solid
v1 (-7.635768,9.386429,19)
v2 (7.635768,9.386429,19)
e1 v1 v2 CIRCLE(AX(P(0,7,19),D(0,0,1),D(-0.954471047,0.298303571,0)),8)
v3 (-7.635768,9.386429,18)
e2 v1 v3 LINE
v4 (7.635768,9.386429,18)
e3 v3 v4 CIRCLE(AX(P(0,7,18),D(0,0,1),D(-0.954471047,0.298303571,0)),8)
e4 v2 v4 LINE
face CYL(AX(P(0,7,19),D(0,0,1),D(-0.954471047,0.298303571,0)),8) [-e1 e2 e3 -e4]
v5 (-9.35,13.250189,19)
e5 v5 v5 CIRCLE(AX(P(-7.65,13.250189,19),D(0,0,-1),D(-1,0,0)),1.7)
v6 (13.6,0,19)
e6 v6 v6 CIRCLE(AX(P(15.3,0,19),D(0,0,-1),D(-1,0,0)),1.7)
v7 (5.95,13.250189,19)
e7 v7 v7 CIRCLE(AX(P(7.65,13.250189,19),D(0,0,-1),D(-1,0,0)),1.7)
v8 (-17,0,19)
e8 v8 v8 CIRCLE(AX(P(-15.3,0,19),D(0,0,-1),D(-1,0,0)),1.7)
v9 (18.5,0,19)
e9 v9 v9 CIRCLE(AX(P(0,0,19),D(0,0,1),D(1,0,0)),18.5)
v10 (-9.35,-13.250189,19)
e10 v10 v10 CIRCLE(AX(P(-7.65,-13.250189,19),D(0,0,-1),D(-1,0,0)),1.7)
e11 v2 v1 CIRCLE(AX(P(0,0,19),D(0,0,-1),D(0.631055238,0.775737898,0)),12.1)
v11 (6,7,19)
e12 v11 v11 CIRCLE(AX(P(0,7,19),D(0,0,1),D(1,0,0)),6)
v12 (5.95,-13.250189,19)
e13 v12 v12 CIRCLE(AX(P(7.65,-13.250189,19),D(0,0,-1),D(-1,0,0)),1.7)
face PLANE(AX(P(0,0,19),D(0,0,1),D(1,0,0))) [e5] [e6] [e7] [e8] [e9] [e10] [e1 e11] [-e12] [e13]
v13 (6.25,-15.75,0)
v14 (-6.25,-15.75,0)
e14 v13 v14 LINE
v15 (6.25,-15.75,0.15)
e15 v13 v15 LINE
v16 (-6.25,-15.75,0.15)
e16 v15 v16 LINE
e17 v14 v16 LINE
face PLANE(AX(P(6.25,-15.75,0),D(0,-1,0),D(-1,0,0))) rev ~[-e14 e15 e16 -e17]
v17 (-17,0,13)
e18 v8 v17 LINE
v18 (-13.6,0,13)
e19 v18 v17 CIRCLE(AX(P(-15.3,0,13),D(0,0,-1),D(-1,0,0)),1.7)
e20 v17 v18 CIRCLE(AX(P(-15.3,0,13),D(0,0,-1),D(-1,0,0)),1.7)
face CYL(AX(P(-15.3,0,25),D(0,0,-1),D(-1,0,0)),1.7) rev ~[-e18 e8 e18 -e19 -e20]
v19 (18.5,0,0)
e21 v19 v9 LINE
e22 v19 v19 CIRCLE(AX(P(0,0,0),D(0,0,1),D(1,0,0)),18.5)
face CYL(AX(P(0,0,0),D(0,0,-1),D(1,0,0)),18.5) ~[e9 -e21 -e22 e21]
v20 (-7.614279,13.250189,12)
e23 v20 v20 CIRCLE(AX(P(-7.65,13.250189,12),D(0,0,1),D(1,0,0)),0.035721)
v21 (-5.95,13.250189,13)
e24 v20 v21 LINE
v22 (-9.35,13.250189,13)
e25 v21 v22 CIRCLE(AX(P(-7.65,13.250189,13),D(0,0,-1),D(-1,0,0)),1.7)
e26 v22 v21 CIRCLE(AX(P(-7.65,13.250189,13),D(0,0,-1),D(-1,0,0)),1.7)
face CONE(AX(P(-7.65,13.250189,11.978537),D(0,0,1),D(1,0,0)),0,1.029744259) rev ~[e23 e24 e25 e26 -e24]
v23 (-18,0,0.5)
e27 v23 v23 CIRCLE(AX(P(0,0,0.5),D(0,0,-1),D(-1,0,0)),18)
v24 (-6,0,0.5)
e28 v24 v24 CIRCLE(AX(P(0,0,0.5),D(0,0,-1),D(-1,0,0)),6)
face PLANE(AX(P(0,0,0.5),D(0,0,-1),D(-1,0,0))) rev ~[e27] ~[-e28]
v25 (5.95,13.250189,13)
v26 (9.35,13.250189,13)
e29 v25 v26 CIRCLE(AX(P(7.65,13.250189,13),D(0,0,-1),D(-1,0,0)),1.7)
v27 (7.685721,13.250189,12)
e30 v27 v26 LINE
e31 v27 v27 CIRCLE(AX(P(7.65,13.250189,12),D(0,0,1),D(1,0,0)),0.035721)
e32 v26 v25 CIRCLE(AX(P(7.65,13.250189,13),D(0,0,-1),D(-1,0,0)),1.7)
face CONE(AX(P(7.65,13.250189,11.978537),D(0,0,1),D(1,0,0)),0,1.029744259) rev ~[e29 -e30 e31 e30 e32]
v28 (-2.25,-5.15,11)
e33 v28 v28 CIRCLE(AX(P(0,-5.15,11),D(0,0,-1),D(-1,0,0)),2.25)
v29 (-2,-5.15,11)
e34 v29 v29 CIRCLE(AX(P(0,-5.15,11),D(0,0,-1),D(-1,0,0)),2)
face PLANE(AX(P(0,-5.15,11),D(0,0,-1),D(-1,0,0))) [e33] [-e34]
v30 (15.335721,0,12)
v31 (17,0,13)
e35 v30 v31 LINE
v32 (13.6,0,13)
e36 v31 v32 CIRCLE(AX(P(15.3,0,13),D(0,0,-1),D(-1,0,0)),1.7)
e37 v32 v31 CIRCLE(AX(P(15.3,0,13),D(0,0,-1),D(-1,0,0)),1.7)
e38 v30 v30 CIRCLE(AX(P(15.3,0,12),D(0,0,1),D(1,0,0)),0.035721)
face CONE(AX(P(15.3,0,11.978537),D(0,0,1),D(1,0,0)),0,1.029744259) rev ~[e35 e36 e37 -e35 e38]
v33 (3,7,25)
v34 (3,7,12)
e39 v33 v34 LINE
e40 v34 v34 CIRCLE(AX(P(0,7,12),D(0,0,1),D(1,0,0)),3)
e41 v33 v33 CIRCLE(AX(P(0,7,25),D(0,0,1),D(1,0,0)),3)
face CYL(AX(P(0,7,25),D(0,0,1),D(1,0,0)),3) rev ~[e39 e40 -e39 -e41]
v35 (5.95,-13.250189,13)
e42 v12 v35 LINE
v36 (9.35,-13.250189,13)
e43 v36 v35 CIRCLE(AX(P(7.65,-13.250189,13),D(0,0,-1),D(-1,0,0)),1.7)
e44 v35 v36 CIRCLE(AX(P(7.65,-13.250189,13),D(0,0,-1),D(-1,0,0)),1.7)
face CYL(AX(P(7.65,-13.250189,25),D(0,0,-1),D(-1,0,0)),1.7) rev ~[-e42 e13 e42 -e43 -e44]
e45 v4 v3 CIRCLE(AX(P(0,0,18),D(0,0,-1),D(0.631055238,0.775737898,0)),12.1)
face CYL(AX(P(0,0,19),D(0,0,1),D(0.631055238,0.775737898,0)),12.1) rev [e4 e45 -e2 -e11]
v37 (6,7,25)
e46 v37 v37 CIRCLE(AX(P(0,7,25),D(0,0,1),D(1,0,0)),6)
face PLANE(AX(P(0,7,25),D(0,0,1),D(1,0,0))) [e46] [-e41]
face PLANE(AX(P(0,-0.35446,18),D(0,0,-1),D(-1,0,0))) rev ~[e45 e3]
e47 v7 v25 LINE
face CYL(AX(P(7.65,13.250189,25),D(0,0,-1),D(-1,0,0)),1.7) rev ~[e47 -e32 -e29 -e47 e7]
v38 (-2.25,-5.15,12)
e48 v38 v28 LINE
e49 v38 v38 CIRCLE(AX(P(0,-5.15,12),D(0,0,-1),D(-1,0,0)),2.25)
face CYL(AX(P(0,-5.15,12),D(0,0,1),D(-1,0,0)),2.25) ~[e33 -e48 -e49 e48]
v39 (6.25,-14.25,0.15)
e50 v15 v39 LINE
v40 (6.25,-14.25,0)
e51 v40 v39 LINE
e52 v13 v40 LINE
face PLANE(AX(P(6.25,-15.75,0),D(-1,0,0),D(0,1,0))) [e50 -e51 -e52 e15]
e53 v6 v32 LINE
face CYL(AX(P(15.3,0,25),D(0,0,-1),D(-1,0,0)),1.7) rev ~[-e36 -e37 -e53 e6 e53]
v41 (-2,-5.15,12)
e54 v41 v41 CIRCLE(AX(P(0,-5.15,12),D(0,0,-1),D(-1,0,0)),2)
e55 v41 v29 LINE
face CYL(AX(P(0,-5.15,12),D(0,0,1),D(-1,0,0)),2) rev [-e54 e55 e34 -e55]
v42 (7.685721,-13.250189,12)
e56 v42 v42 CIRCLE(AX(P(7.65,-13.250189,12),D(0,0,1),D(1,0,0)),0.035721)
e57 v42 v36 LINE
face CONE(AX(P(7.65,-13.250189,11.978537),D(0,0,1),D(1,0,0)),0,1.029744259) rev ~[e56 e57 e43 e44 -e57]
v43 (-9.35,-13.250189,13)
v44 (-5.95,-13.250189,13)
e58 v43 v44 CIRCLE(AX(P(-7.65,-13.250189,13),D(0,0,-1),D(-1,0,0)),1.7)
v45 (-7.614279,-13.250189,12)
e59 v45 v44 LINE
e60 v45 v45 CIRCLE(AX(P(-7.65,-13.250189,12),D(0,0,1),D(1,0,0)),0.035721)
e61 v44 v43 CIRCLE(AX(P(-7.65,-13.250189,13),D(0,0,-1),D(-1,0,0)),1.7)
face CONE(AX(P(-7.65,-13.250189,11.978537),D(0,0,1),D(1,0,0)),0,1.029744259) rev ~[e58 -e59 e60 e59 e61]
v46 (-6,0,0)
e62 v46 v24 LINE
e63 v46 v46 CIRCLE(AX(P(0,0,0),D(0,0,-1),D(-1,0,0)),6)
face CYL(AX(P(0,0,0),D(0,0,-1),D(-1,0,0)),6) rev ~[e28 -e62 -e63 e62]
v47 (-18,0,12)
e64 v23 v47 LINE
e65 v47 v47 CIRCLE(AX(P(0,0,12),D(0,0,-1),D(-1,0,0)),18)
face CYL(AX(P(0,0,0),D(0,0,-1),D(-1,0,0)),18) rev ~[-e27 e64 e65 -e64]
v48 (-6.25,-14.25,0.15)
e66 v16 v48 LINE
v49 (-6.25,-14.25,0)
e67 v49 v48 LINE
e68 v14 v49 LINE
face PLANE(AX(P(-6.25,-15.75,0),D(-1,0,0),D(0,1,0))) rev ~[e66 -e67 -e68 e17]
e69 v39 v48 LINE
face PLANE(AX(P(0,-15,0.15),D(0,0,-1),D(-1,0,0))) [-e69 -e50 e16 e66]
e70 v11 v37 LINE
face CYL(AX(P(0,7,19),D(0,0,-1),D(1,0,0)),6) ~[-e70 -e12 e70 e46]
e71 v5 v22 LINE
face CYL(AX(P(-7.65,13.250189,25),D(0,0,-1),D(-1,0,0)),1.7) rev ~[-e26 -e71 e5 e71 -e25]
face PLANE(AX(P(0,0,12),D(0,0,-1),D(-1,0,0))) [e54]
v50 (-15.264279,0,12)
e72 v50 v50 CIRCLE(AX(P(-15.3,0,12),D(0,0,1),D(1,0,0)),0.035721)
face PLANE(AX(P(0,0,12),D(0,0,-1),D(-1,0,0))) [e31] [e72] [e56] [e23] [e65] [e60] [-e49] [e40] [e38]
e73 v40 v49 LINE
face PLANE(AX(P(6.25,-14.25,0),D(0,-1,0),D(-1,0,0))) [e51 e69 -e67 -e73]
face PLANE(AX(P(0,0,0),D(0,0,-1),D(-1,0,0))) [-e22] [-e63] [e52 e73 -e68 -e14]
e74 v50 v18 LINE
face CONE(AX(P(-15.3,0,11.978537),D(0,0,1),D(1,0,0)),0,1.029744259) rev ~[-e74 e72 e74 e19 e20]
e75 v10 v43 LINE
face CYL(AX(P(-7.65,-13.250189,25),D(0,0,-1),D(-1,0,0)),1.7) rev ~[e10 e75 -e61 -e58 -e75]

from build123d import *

# Parameters (mm, degrees)
SKETCH1_R                        = 18.5
BOSS_EXTRUDE1_DEPTH              = 19
SKETCH4_R                        = 6
BOSS_EXTRUDE4_DEPTH              = 6
CUT_EXTRUDE2_DEPTH               = 1
TALADRO_DE_MARGEN_PARA_M31_D     = 3.4
TALADRO_DE_MARGEN_PARA_M31_DEPTH = 6
TALADRO_DE_MARGEN_PARA_M31_TIP   = 1.021463052
CROQUIS1_R                       = 18
CORTAR_EXTRUIR2_DEPTH            = 12
CORTAR_EXTRUIR3_REACH            = 38.187
CROQUIS2_R                       = 3
CROQUIS3_R                       = 18
SALIENTE_EXTRUIR1_DEPTH          = 0.5
SKETCH11_R                       = 2
CUT_EXTRUDE3_DEPTH               = 10
SKETCH12_W                       = 12.5
SKETCH12_H                       = 1.5
CUT_EXTRUDE4_DEPTH               = 0.15
SKETCH13_R                       = 6
CUT_EXTRUDE5_DEPTH               = 10
SKETCH14_R                       = 2.25
SKETCH14_R_2                     = 2
BOSS_EXTRUDE5_DEPTH              = 1


with BuildPart() as part:
    # Sketch1 → Boss-Extrude1 (new body)
    with BuildSketch(Plane.XY):
        Circle(SKETCH1_R)
    extrude(amount=BOSS_EXTRUDE1_DEPTH)

    # Sketch4 → Boss-Extrude4 (add)
    with BuildSketch(Plane.XY.offset(19)):
        with Locations((0, 7)):
            Circle(SKETCH4_R)
    extrude(amount=BOSS_EXTRUDE4_DEPTH)

    # Sketch8 → Cut-Extrude2 (cut)
    with BuildSketch(Plane.XY.offset(19)):
        with BuildLine():
            ThreePointArc((7.635768375, 9.386428571), (0, -12.1), (-7.635768375, 9.386428571))
            ThreePointArc((-7.635768375, 9.386428571), (0, -1), (7.635768375, 9.386428571))
        make_face()
    extrude(amount=-CUT_EXTRUDE2_DEPTH, mode=Mode.SUBTRACT)

    # Taladro de margen para M31
    with Locations(Plane.XY.offset(19)):
        with Locations((7.65, -13.250188678), (-7.65, -13.250188678), (-15.3, 0), (-7.65, 13.250188678), (15.3, 0), (7.65, 13.250188678)):
            Hole(TALADRO_DE_MARGEN_PARA_M31_D / 2, depth=TALADRO_DE_MARGEN_PARA_M31_DEPTH)
            with Locations((0, 0, -(TALADRO_DE_MARGEN_PARA_M31_DEPTH + TALADRO_DE_MARGEN_PARA_M31_TIP / 2))):  # 118° drill point
                Cone(0, TALADRO_DE_MARGEN_PARA_M31_D / 2, TALADRO_DE_MARGEN_PARA_M31_TIP, mode=Mode.SUBTRACT)

    # Croquis1 → Cortar-Extruir2 (cut)
    with BuildSketch(Plane(origin=(0, 0, 0), x_dir=(-1, 0, 0), z_dir=(0, 0, -1))):
        Circle(CROQUIS1_R)
    extrude(amount=-CORTAR_EXTRUIR2_DEPTH, mode=Mode.SUBTRACT)

    # Croquis2 → Cortar-Extruir3 (cut, up to next)
    with BuildSketch(Plane.XY.offset(25), mode=Mode.PRIVATE) as cortar_extruir3_sk1:
        with Locations((0, 7)):
            Circle(CROQUIS2_R)
    cortar_extruir3_tool1 = extrude(cortar_extruir3_sk1.sketch, amount=-CORTAR_EXTRUIR3_REACH, mode=Mode.PRIVATE) & part.part
    add(cortar_extruir3_tool1.solids().sort_by_distance((0, 7, 25))[0], mode=Mode.SUBTRACT)

    # Croquis3 → Saliente-Extruir1 (add)
    with BuildSketch(Plane(origin=(0, 0, 0), x_dir=(-1, 0, 0), z_dir=(0, 0, -1))):
        Circle(CROQUIS3_R)
    extrude(amount=-SALIENTE_EXTRUIR1_DEPTH)

    # Sketch11 → Cut-Extrude3 (cut)
    with BuildSketch(Plane(origin=(0, 0, 0), x_dir=(-1, 0, 0), z_dir=(0, 0, -1))):
        Circle(SKETCH11_R)
    extrude(amount=-CUT_EXTRUDE3_DEPTH, mode=Mode.SUBTRACT)

    # Sketch12 → Cut-Extrude4 (cut)
    with BuildSketch(Plane(origin=(0, 0, 0), x_dir=(-1, 0, 0), z_dir=(0, 0, -1))):
        with Locations((0, -15)):
            Rectangle(SKETCH12_W, SKETCH12_H)
    extrude(amount=-CUT_EXTRUDE4_DEPTH, mode=Mode.SUBTRACT)

    # Sketch13 → Cut-Extrude5 (cut)
    with BuildSketch(Plane(origin=(0, 0, 0), x_dir=(-1, 0, 0), z_dir=(0, 0, -1))):
        Circle(SKETCH13_R)
    extrude(amount=-CUT_EXTRUDE5_DEPTH, mode=Mode.SUBTRACT)

    # Sketch14 → Boss-Extrude5 (add)
    with BuildSketch(Plane(origin=(0, 0, 12), x_dir=(-1, 0, 0), z_dir=(0, 0, -1))):
        with Locations((0, -5.15)):
            Circle(SKETCH14_R)
        with Locations((0, -5.15)):
            Circle(SKETCH14_R_2, mode=Mode.SUBTRACT)
    extrude(amount=BOSS_EXTRUDE5_DEPTH)


solid = part.part
